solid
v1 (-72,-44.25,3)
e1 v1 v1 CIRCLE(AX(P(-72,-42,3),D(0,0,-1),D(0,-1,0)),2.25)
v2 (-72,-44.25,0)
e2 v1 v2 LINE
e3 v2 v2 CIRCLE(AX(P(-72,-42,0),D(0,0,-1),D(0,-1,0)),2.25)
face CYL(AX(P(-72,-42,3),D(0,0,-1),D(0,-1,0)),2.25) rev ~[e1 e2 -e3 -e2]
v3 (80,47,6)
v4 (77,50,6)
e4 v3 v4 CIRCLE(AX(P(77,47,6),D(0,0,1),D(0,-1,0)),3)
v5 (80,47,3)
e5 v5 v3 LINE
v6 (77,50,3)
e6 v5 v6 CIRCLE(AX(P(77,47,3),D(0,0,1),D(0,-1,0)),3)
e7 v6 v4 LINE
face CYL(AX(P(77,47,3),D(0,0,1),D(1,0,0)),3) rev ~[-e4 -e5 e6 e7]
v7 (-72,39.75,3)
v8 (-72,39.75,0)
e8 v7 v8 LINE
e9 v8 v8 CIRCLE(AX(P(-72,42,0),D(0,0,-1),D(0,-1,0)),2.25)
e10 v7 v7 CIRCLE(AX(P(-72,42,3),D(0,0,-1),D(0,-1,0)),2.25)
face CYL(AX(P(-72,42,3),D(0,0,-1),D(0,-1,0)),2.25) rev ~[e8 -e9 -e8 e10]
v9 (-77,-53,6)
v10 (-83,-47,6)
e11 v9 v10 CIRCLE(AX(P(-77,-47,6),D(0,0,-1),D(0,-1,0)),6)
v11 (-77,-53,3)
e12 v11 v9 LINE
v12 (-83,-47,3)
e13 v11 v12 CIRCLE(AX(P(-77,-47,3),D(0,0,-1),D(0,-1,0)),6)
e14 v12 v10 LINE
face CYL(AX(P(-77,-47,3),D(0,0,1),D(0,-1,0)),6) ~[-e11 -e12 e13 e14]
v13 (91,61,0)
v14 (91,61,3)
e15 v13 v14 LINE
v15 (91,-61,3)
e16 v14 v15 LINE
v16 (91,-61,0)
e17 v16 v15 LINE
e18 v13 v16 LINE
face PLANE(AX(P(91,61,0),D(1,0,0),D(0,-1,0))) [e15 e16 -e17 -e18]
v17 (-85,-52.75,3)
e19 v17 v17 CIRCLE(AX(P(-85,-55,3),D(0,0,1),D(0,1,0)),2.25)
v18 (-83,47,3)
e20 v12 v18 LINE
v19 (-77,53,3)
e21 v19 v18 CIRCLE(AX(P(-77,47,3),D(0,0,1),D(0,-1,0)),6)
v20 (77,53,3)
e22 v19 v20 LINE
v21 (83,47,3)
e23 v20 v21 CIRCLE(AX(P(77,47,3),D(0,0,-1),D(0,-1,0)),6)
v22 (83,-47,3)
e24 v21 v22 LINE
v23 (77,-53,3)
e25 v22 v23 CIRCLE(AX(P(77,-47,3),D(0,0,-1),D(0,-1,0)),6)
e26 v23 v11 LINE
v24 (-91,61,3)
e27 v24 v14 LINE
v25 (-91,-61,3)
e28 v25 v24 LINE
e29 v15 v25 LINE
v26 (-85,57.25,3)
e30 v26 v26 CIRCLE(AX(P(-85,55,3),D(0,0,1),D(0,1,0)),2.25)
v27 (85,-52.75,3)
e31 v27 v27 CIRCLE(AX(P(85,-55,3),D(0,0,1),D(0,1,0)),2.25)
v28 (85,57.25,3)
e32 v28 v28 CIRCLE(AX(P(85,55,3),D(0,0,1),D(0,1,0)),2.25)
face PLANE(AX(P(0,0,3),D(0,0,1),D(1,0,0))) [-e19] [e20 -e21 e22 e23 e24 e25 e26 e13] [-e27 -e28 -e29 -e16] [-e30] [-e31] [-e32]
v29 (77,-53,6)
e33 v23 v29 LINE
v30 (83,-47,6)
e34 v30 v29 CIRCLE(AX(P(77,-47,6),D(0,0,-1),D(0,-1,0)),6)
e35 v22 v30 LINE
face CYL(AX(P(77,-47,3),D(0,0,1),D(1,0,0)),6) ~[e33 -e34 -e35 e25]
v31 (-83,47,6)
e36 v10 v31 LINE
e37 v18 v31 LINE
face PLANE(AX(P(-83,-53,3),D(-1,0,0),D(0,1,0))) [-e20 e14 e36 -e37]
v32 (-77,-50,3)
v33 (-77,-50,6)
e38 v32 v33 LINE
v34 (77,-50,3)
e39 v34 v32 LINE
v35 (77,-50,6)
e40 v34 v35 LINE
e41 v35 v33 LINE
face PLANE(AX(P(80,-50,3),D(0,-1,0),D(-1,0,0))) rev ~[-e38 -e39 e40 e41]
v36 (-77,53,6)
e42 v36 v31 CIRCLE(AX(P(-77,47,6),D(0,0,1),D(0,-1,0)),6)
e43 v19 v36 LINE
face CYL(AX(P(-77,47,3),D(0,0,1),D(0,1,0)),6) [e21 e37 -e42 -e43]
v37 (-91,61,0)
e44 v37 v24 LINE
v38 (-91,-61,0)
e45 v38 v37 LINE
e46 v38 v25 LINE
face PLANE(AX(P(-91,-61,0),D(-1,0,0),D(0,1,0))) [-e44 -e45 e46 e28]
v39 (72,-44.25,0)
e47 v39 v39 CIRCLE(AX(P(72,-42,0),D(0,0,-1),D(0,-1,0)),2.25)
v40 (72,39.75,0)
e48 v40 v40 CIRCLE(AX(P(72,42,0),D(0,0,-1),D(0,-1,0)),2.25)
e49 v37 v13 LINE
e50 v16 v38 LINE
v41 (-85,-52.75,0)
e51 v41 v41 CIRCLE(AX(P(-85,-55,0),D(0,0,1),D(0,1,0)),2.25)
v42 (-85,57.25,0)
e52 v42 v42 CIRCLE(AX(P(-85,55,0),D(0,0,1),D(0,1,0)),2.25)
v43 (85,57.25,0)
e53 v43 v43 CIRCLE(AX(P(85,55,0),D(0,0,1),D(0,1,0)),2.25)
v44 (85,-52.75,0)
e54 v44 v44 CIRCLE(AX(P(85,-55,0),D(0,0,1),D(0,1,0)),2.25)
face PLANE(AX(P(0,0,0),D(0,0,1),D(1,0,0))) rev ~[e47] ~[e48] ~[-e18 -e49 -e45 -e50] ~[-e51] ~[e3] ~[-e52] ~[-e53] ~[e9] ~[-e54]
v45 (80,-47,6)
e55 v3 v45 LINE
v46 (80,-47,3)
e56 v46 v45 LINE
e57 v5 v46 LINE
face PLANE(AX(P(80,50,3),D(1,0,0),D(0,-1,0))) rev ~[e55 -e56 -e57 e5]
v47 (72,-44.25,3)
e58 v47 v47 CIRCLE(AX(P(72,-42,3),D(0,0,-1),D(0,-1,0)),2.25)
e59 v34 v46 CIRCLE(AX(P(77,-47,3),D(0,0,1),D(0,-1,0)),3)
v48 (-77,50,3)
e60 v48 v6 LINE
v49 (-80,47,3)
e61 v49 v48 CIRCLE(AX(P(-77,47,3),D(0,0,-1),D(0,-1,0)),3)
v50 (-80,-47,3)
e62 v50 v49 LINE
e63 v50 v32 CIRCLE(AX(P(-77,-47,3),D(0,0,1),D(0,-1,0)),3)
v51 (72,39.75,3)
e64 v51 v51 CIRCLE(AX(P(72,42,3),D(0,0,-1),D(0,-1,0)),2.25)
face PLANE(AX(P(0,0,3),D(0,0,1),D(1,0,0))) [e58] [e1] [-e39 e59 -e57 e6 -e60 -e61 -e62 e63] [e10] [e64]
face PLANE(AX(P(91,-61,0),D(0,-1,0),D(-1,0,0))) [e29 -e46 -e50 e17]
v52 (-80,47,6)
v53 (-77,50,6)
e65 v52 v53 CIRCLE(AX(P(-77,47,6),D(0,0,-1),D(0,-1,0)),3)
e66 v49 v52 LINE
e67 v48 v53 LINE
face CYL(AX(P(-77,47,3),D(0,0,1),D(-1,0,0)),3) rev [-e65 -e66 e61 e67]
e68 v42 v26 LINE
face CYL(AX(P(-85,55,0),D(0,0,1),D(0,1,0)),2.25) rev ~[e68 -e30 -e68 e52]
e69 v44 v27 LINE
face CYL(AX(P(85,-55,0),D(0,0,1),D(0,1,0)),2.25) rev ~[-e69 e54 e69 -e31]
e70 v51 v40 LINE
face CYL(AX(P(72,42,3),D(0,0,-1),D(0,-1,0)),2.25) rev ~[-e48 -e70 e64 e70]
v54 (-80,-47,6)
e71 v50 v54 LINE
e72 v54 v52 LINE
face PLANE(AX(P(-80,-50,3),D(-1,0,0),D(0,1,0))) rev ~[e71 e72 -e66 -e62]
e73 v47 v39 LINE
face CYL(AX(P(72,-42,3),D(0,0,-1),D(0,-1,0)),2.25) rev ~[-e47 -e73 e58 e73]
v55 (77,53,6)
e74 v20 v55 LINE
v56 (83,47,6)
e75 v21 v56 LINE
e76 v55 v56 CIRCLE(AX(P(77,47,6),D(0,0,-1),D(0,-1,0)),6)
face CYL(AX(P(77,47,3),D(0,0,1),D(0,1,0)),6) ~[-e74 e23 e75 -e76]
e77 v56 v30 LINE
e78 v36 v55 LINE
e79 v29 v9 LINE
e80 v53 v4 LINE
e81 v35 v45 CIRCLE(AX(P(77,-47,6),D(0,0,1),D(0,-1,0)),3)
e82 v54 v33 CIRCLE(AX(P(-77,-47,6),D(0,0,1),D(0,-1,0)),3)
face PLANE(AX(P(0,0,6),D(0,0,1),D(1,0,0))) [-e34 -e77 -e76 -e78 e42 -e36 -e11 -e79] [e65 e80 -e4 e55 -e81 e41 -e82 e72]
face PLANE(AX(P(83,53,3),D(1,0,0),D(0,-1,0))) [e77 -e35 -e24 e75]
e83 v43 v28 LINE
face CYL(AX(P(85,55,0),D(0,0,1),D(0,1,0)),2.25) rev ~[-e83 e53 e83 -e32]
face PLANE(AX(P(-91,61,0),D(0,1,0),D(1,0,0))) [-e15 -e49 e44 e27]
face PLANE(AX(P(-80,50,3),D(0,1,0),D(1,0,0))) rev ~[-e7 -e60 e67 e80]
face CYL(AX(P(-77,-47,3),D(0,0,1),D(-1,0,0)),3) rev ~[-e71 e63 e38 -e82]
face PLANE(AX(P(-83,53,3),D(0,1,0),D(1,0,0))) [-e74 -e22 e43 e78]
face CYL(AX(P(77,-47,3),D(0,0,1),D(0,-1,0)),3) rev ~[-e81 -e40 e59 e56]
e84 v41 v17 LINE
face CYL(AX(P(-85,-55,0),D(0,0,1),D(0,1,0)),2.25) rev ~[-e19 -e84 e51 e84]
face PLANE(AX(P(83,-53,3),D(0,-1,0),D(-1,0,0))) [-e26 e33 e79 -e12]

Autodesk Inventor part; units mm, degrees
ref_plane "YZ Plane" through (0, 0, 0) normal (1, 0, 0) x (0, 1, 0)
ref_plane "XZ Plane" through (0, 0, 0) normal (0, 1, 0) x (-1, 0, 0)
ref_plane "XY Plane" through (0, 0, 0) normal (0, 0, 1) x (1, 0, 0)
sketch "Sketch1" plane through (0, 0, 0) normal (0, 0, 1) x (1, 0, 0)
  line L0 (-83, 53) -> (83, 53) construction
  line L1 (83, 53) -> (83, -53) construction
  line L2 (83, -53) -> (-83, -53) construction
  line L3 (-83, -53) -> (-83, 53) construction
  line L4 (-83, 53) -> (83, -53) construction
  line L5 (83, 53) -> (-83, -53) construction
  line L6 (-91, 61) -> (91, 61)
  line L7 (91, 61) -> (91, -61)
  line L8 (91, -61) -> (-91, -61)
  line L9 (-91, -61) -> (-91, 61)
  line L10 (-91, 61) -> (91, -61) construction
  line L11 (-91, -61) -> (91, 61) construction
  point P0 (0, 0)
  point P1 (0, 0)
  point P2 (0, 0)
  dimension "d0" = 166
  dimension "d1" = 106
  dimension "d2" = 8
  dimension "d3" = 8
extrude "Extrusion1" add sketch "Sketch1" along normal blind 3
sketch "Sketch2" plane through (0, 0, 3) normal (0, 0, 1) x (1, 0, 0)
  line L0 (-83, 53) -> (83, 53)
  line L1 (83, 53) -> (83, -53)
  line L2 (83, -53) -> (-83, -53)
  line L3 (-83, -53) -> (-83, 53)
  line L4 (-83, 53) -> (83, -53) construction
  line L5 (83, 53) -> (-83, -53) construction
  line L6 (-80, 50) -> (80, 50)
  line L7 (80, 50) -> (80, -50)
  line L8 (80, -50) -> (-80, -50)
  line L9 (-80, -50) -> (-80, 50)
  line L10 (-80, -50) -> (80, 50) construction
  line L11 (80, -50) -> (-80, 50) construction
  point P0 (0, 0)
  point P1 (0, 0)
  point P2 (0, 0)
  dimension "d6" = 166
  dimension "d7" = 106
  dimension "d8" = 3
  dimension "d9" = 3
extrude "Extrusion2" add sketch "Sketch2" along normal blind 3
fillet "Fillet1" radius 3 4 edges at (80, 50, 4.5) (80, -50, 4.5) (-80, -50, 4.5) (-80, 50, 4.5)
fillet "Fillet2" radius 6 4 edges at (83, 53, 4.5) (83, -53, 4.5) (-83, -53, 4.5) (-83, 53, 4.5)
sketch "Sketch3" plane through (0, 0, 0) normal (0, 0, -1) x (-1, 0, 0)
  line L0 (91, 61) -> (-91, 61) projected
  line L1 (-91, 61) -> (-91, -61) projected
  line L2 (91, -61) -> (91, 61) projected
  circle A0 centre (-85, 55) radius 2
  line L3 (0, 0) -> (-15.5328, 0) construction
  line L4 (0, 0) -> (0, 8.2904) construction
  circle A1 centre (-85, -55) radius 2
  circle A2 centre (85, 55) radius 2
  circle A3 centre (85, -55) radius 2
  dimension "d14" = 4
  dimension "d15" = 6
  dimension "d16" = 6
hole "Hole1" at (85, 55, 0) at (85, -55, 0) at (-85, -55, 0) at (-85, 55, 0) direction (0, 0, 1) diameter 4.5 depth 8 tip angle 118 clearance for "Flat Head Machine Screw" size "M4" standard "Ansi Metric M Profile"
sketch "Sketch4" plane through (0, 0, 3) normal (0, 0, 1) x (1, 0, 0)
  line L0 (-80, 47) -> (-80, -47) projected
  line L1 (-77, -50) -> (77, -50) projected
  line L2 (77, 50) -> (-77, 50) projected
  line L3 (0, 0) -> (-11.513, 0) construction
  line L4 (0, 0) -> (0, -7.6384) construction
  circle A0 centre (-72, -42) radius 5.1497
  circle A1 centre (-72, 42) radius 5.1497
  circle A2 centre (72, -42) radius 5.1497
  circle A3 centre (72, 42) radius 5.1497
  dimension "d24" = 8
  dimension "d25" = 8
hole "Hole2" at (-72, -42, 3) at (-72, 42, 3) at (72, -42, 3) at (72, 42, 3) direction (0, 0, -1) diameter 4.5 depth 8 tip angle 118 clearance for "Flat Head Machine Screw" size "M4" standard "Ansi Metric M Profile"
sketch "Sketch5" plane through (0, 0, 3) normal (0, 0, 1) x (1, 0, 0)
  circle A0 centre (72, 42) radius 2.25 projected
  circle A1 centre (72, -42) radius 2.25 projected
  circle A2 centre (-72, 42) radius 2.25 projected
  circle A3 centre (-72, -42) radius 2.25 projected
  arc A4 (-77, 50) -> (-80, 47) centre (-77, 47) ccw projected
  line L0 (-80, 47) -> (-80, -47) projected
  arc A5 (-80, -47) -> (-77, -50) centre (-77, -47) ccw projected
  line L1 (-77, -50) -> (77, -50) projected
  arc A6 (77, -50) -> (80, -47) centre (77, -47) ccw projected
  line L2 (80, -47) -> (80, 47) projected
  arc A7 (80, 47) -> (77, 50) centre (77, 47) ccw projected
  line L3 (77, 50) -> (-77, 50) projected
  circle A8 centre (-25, -40) radius 0.5
  circle A9 centre (-40, -15) radius 0.5
  circle A10 centre (-45, 5) radius 0.5
  circle A11 centre (-45, 20) radius 0.5
  circle A12 centre (35, -40) radius 0.5
  circle A13 centre (25, 25) radius 0.5
  circle A14 centre (25, 40) radius 0.5
  point P0 (0, 0)
  dimension "d33" = 1
  dimension "d34" = 1
  dimension "d35" = 1
  dimension "d36" = 1
  dimension "d37" = 1
  dimension "d38" = 1
  dimension "d39" = 1
  dimension "d41" = 55
  dimension "d43" = 40
  dimension "d44" = 35
  dimension "d45" = 35
  dimension "d50" = 55
  dimension "d51" = 55
  dimension "d53" = 45
  dimension "d54" = 30
  dimension "d55" = 45
  dimension "d56" = 35
  dimension "d57" = 10
  dimension "d58" = 10
  dimension "d59" = 25
  dimension "d60" = 10
equation "\"d15\" = 1.5 * d14"
equation "\"d16\" = 1.5 * d14"
properties part number "Base.Box.Lid"
